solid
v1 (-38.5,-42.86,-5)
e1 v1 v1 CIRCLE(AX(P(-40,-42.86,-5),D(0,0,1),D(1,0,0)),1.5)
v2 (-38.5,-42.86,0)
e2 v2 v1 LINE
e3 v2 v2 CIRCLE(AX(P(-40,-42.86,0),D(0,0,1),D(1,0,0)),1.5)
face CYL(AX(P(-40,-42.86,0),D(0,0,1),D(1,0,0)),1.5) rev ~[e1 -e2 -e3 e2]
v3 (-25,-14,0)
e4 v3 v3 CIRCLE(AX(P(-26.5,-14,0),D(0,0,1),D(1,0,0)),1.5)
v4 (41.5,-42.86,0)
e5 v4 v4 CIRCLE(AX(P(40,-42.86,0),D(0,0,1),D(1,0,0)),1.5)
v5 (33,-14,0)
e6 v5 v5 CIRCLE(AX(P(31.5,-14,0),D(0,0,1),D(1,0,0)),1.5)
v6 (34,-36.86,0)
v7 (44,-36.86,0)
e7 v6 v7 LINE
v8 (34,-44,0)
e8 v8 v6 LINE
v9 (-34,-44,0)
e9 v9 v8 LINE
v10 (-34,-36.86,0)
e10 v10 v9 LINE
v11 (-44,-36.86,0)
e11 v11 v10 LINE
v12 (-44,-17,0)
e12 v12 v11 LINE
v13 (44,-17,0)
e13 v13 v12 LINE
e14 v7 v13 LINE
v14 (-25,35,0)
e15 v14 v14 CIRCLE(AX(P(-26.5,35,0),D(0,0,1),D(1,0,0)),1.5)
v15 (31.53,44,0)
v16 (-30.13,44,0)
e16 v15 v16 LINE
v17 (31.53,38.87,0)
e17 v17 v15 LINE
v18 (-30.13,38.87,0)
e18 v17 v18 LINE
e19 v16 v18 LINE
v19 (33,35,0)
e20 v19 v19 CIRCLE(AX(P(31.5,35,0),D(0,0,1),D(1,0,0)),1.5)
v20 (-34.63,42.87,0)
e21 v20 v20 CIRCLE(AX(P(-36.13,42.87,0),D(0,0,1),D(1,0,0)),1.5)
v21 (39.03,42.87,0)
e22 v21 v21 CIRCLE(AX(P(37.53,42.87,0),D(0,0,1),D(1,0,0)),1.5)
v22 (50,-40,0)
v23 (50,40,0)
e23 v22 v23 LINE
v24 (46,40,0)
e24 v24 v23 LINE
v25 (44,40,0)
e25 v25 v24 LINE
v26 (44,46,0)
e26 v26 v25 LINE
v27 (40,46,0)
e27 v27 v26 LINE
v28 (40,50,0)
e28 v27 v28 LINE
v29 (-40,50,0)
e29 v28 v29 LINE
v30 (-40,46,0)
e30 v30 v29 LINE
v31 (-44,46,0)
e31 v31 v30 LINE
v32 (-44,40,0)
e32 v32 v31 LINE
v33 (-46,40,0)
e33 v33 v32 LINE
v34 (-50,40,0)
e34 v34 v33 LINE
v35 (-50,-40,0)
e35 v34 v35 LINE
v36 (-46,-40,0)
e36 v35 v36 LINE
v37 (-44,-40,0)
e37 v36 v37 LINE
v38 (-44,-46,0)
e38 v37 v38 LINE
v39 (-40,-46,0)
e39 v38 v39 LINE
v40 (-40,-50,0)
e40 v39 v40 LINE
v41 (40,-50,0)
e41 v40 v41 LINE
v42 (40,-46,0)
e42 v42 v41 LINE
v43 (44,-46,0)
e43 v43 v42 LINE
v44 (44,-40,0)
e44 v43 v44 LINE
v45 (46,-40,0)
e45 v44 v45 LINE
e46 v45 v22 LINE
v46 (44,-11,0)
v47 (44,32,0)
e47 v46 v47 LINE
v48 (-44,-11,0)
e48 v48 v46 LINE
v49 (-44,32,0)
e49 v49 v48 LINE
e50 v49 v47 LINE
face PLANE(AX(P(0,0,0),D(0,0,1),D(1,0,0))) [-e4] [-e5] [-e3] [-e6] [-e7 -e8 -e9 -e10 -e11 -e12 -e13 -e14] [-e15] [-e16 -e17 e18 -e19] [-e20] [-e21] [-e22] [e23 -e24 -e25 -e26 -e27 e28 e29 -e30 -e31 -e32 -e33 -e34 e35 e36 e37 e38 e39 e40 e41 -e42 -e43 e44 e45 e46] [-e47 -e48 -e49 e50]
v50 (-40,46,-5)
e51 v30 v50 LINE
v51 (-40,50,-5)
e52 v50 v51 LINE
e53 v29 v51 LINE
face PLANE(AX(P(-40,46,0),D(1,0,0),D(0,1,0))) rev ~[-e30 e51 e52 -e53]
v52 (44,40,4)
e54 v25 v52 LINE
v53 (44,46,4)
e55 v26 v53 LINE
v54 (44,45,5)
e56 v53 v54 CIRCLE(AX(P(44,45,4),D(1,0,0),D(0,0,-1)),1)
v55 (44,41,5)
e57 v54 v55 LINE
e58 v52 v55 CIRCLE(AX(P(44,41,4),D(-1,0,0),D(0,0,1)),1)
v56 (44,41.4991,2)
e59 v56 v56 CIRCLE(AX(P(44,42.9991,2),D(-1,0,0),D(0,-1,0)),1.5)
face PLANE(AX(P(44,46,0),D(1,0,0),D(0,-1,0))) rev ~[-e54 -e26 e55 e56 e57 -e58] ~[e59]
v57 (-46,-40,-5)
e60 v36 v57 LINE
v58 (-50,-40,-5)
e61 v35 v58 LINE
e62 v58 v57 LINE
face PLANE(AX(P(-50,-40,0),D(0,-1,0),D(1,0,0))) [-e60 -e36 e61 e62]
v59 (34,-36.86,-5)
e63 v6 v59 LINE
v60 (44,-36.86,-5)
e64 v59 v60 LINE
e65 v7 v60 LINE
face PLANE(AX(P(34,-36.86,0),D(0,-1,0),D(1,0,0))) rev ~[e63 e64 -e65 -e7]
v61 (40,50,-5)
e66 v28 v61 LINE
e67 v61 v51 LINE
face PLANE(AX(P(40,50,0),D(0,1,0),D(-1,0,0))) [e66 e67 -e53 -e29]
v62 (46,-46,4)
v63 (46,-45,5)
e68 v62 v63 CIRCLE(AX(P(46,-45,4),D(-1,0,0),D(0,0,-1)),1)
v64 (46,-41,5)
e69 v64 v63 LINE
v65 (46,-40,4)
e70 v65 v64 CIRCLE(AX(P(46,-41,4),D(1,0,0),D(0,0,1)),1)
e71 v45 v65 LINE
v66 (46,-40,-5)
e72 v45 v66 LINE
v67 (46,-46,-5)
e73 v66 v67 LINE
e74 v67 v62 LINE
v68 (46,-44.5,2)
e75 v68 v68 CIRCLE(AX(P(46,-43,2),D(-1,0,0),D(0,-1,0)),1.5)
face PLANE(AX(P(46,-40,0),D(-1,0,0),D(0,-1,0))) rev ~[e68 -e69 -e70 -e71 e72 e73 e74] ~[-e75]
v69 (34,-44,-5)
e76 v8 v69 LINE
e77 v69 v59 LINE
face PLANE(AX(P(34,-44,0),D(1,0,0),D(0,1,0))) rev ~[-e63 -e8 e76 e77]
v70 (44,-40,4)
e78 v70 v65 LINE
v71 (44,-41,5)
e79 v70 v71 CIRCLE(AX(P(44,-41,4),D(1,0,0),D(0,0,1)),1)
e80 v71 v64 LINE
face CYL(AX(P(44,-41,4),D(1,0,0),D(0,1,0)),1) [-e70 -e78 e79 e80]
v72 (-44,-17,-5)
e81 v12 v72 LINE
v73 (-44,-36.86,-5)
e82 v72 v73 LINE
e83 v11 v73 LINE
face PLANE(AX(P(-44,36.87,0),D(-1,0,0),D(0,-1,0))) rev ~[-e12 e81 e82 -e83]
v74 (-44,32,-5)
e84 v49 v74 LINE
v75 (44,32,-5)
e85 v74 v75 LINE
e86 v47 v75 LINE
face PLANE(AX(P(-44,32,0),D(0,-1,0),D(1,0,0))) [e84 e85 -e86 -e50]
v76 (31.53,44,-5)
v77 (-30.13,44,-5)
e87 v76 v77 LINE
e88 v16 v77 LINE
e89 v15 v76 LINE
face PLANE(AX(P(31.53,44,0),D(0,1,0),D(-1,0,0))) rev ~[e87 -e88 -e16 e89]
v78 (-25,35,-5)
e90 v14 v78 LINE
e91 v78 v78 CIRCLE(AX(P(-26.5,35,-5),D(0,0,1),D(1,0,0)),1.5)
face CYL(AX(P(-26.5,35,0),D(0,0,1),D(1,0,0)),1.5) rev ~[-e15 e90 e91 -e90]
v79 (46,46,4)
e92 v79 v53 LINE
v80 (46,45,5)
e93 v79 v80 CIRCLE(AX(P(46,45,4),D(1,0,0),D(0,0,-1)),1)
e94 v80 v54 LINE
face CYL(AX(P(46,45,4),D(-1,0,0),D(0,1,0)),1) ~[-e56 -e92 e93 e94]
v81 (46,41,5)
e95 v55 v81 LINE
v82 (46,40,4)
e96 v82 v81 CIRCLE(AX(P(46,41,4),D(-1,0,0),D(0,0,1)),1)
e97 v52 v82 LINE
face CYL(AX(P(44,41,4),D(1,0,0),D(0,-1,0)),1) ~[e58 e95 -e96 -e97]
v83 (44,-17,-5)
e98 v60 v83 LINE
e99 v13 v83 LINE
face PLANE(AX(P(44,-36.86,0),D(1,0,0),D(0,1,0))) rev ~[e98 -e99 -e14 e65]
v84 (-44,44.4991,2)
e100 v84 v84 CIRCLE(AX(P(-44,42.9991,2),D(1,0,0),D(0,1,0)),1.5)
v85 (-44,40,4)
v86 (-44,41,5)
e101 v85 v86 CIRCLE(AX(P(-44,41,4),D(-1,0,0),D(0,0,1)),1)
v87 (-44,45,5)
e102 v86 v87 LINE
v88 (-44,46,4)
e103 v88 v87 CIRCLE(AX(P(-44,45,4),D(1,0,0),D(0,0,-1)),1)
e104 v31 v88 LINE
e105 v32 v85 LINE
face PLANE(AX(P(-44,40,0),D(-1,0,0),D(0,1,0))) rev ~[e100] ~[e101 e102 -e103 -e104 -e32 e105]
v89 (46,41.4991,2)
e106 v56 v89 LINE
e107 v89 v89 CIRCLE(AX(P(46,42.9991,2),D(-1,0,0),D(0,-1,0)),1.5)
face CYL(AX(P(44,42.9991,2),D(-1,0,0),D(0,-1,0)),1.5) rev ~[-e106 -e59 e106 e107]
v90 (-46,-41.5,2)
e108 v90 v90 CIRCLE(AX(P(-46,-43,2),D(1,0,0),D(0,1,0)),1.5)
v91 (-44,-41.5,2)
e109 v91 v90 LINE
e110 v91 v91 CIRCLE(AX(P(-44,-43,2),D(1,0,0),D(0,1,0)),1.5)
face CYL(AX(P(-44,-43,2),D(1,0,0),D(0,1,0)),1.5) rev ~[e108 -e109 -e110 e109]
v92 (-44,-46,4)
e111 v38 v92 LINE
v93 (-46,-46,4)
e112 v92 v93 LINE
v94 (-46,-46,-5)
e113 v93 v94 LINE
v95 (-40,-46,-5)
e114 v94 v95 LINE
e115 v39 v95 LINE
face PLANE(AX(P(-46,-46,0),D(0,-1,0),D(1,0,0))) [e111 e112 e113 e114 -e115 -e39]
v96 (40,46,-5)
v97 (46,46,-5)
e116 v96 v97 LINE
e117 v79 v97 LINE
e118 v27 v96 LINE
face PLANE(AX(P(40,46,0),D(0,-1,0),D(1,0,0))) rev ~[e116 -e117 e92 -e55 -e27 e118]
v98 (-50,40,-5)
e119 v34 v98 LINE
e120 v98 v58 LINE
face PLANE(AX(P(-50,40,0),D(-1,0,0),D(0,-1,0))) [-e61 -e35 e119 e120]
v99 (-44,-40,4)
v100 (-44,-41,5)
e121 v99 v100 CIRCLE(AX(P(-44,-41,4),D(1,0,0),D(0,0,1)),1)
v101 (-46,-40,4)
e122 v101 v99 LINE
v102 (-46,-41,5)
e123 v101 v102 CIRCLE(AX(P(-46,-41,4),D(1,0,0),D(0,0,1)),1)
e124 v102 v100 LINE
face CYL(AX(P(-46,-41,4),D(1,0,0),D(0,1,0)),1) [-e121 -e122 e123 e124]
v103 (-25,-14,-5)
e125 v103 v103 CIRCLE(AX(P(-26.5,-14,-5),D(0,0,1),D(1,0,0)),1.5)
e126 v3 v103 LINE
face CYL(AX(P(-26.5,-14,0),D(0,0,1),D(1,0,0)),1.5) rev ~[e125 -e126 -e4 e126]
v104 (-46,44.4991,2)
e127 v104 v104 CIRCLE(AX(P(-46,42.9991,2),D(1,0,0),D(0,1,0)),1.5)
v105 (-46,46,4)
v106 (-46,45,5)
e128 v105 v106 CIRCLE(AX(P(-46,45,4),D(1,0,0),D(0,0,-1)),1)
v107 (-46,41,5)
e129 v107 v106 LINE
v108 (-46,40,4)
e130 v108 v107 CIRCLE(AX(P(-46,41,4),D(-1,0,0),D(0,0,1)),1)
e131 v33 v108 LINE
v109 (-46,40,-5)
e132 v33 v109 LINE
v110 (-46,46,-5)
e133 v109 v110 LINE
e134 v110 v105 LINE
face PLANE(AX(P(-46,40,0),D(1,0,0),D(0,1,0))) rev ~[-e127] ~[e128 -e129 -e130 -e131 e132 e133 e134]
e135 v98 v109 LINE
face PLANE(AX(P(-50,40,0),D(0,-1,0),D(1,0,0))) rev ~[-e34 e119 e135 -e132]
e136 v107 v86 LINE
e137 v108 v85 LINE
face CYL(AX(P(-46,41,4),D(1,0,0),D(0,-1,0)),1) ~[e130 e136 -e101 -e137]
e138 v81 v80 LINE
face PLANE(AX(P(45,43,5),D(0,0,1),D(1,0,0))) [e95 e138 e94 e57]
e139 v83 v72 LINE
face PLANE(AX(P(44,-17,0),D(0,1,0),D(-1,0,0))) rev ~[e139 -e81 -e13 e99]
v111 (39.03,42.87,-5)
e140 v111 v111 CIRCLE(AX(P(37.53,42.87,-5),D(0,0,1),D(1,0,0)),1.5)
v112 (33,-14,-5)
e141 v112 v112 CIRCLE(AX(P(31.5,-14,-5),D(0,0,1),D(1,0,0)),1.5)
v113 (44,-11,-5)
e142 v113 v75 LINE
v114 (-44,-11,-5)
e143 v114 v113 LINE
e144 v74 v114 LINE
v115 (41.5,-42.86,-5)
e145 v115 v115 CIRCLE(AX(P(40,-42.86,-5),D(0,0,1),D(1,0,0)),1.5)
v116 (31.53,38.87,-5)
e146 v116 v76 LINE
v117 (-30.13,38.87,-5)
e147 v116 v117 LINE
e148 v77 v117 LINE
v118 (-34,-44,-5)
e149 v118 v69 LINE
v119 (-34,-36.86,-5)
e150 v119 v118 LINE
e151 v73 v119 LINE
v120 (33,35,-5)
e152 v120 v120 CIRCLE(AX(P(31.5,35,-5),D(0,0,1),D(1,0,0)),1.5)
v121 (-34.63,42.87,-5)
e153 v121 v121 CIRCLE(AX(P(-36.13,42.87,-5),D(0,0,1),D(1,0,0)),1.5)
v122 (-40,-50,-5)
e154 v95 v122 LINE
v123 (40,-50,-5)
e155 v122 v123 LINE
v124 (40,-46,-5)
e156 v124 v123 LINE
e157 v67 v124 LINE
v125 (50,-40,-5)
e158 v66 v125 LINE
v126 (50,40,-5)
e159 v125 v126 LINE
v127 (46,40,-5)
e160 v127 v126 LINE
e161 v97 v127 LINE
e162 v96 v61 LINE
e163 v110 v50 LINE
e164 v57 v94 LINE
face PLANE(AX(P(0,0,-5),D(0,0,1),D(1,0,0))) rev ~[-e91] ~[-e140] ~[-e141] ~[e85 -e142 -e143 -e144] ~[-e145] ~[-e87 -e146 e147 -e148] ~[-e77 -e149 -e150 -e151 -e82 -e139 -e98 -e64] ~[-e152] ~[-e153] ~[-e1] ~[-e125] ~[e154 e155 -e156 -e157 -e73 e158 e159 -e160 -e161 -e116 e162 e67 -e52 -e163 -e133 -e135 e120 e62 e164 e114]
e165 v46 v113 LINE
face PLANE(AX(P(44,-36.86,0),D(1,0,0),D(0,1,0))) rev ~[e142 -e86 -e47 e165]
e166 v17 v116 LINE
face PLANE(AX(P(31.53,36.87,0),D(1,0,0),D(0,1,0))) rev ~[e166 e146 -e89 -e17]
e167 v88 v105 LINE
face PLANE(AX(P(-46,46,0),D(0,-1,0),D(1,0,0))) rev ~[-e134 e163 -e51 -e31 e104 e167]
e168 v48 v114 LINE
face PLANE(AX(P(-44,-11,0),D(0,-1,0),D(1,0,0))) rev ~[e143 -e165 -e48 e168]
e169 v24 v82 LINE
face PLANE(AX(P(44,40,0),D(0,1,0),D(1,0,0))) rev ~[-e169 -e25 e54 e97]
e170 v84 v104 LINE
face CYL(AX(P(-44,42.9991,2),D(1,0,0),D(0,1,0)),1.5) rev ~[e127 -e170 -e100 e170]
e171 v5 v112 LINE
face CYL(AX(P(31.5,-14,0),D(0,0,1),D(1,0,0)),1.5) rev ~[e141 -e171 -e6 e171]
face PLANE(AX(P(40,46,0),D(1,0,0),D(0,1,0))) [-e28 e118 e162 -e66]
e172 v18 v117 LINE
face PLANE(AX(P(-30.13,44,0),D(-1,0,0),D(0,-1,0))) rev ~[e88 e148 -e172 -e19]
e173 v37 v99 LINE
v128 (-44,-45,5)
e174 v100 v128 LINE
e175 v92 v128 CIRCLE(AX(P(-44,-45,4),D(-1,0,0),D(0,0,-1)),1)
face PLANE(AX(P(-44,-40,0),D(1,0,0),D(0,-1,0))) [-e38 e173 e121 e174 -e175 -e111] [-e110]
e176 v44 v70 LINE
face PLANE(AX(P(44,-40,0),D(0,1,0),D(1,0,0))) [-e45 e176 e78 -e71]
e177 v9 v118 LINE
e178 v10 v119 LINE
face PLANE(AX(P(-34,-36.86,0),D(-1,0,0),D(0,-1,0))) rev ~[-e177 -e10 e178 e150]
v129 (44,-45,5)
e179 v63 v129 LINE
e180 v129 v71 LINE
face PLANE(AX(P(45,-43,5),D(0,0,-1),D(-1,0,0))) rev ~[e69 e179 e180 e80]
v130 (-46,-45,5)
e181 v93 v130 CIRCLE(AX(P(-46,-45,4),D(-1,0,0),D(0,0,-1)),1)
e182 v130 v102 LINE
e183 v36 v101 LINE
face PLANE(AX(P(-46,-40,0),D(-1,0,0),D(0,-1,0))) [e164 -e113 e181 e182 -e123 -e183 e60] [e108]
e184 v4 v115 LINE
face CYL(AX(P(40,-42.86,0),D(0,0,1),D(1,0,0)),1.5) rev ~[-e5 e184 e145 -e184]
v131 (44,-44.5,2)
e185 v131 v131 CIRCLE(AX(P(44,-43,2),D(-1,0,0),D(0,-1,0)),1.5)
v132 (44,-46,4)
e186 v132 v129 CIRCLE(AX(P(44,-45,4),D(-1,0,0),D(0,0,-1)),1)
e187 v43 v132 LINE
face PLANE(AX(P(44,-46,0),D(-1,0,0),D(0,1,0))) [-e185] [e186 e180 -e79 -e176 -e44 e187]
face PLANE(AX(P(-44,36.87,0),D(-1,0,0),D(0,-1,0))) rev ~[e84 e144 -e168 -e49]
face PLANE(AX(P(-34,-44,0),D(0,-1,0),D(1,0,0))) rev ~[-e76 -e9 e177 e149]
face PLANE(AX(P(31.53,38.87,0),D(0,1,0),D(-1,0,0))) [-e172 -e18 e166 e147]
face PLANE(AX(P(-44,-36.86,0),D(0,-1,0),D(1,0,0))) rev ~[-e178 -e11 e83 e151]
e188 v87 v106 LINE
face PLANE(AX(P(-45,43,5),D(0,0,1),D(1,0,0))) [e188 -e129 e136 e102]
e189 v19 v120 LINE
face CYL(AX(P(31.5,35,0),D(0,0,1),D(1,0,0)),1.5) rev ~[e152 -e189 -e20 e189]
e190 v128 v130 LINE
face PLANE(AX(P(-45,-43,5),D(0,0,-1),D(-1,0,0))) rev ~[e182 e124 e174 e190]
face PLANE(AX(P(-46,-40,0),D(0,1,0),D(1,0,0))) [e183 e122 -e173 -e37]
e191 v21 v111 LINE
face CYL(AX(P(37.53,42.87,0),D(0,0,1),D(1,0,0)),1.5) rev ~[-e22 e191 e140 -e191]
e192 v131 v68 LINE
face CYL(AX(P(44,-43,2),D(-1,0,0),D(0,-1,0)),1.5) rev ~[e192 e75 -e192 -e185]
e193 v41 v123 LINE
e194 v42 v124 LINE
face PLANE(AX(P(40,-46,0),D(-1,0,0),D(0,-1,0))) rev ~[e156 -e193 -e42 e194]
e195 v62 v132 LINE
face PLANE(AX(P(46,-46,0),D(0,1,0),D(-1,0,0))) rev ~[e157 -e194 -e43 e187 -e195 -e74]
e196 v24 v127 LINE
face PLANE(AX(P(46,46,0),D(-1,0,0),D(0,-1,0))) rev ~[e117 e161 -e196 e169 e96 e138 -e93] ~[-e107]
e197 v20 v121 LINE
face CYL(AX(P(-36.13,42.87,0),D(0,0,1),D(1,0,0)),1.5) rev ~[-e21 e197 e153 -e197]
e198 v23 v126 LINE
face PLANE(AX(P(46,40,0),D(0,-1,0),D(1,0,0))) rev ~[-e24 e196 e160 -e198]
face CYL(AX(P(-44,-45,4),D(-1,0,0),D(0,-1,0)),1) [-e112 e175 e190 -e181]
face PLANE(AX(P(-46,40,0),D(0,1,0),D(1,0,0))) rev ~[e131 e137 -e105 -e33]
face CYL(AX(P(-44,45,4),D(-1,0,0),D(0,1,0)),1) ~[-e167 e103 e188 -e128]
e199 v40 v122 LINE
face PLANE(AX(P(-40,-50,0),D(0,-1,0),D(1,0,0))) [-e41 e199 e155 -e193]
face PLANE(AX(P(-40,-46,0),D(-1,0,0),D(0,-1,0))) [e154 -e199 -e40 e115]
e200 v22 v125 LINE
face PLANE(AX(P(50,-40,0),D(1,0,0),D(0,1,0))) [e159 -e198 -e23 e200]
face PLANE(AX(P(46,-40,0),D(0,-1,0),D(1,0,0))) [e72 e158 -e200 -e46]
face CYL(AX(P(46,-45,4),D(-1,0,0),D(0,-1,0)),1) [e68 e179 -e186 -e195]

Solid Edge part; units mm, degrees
sketch "Sketch1" plane through (0, 0, 0) normal (0, 0, 1) x (1, 0, 0)
  line L0 (-40, -50) -> (40, -50)
  line L1 (40, -50) -> (50, -50)
  line L2 (50, -50) -> (50, -40)
  line L3 (50, -40) -> (50, 40)
  line L4 (50, 50) -> (50, 40)
  line L5 (40, 50) -> (50, 50)
  line L6 (40, 50) -> (-40, 50)
  line L7 (-50, 50) -> (-40, 50)
  line L8 (-50, 40) -> (-50, 50)
  line L9 (-50, 40) -> (-50, -40)
  line L10 (-50, -40) -> (-50, -50)
  line L11 (-50, -50) -> (-40, -50)
extrude "Protrusion1" add sketch "Sketch1" against normal blind 5
sketch "Sketch2" plane through (0, 0, 0) normal (0, 0, 1) x (1, 0, 0)
  line L0 (50, 50) -> (40, 50)
  line L1 (40, 46) -> (40, 50)
  line L2 (40, 46) -> (46, 46)
  line L3 (46, 46) -> (46, 40)
  line L4 (46, 40) -> (50, 40)
  line L5 (50, 40) -> (50, 50)
  line L6 (50, -40) -> (50, -50)
  line L7 (50, -50) -> (40, -50)
  line L8 (40, -46) -> (40, -50)
  line L9 (46, -46) -> (40, -46)
  line L10 (46, -40) -> (46, -46)
  line L11 (46, -40) -> (50, -40)
  line L12 (-50, -50) -> (-40, -50)
  line L13 (-40, -46) -> (-40, -50)
  line L14 (-46, -46) -> (-40, -46)
  line L15 (-46, -40) -> (-46, -46)
  line L16 (-50, -40) -> (-46, -40)
  line L17 (-50, -40) -> (-50, -50)
  line L18 (-46, 40) -> (-46, 46)
  line L19 (-46, 46) -> (-40, 46)
  line L20 (-40, 46) -> (-40, 50)
  line L21 (-40, 50) -> (-50, 50)
  line L22 (-50, 50) -> (-50, 40)
  line L23 (-50, 40) -> (-46, 40)
  dimension "D1" = 10
  dimension "D2" = 4
  dimension "D3" = 10
  dimension "D4" = 4
  dimension "D5" = 10
  dimension "D6" = 10
  dimension "D7" = 4
  dimension "D8" = 4
  dimension "D9" = 4
  dimension "D10" = 10
  dimension "D11" = 10
  dimension "D12" = 4
  dimension "D13" = 10
  dimension "D14" = 10
  dimension "D15" = 4
  dimension "D16" = 4
extrude "ExtrudedCutout_1" cut sketch "Sketch2" against normal blind 11.3526
sketch "Sketch3" plane through (0, 0, 0) normal (0, 0, 1) x (1, 0, 0)
  circle A0 centre (-40, -42.86) radius 1.5
  circle A1 centre (-36.13, 42.87) radius 1.5
  circle A2 centre (40, -42.86) radius 1.5
  circle A3 centre (37.53, 42.87) radius 1.5
  dimension "D1" = 10
  dimension "D2" = 7.14
  dimension "D3" = 3
  dimension "D4" = 3
  dimension "D5" = 92.87
  dimension "D6" = 13.87
  dimension "D7" = 3
  dimension "D8" = 90
  dimension "D9" = 3
  dimension "D10" = 87.53
  dimension "D11" = 92.87
extrude "Cutout1" cut sketch "Sketch3" against normal blind 5
sketch "Sketch4" plane through (0, 0, 0) normal (0, 0, 1) x (0, 1, 0)
  line L0 (36.87, 44) -> (-36.86, 44)
  line L1 (-36.86, 44) -> (-36.86, 34)
  line L2 (-36.86, 34) -> (-44, 34)
  line L3 (-44, 34) -> (-44, -34)
  line L4 (-44, -34) -> (-36.86, -34)
  line L5 (-36.86, -34) -> (-36.86, -44)
  line L6 (-36.86, -44) -> (36.87, -44)
  line L7 (36.87, -44) -> (36.87, -31.53)
  line L8 (36.87, -31.53) -> (44, -31.53)
  line L9 (44, -31.53) -> (44, 30.13)
  line L10 (44, 30.13) -> (36.87, 30.13)
  line L11 (36.87, 30.13) -> (36.87, 44)
  dimension "D1" = 6
  dimension "D2" = 6
  dimension "D3" = 6
  dimension "D4" = 6
  dimension "D5" = 6
  dimension "D6" = 6
  dimension "D7" = 6
  dimension "D8" = 6
  dimension "D9" = 6
  dimension "D10" = 6
  dimension "D11" = 6
  dimension "D12" = 6
extrude "Cutout2" cut sketch "Sketch4" against normal blind 5
sketch "Sketch5" plane through (0, 0, 0) normal (0, 0, 1) x (1, 0, 0)
  circle A0 centre (-26.5, 35) radius 1.5
  circle A1 centre (31.5, 35) radius 1.5
  circle A2 centre (31.5, -14) radius 1.5
  circle A3 centre (-26.5, -14) radius 1.5
  line L0 (-44, 36.87) -> (-30.13, 36.87)
  line L1 (-30.13, 38.87) -> (-30.13, 36.87)
  line L2 (31.53, 38.87) -> (-30.13, 38.87)
  line L3 (31.53, 38.87) -> (31.53, 36.87)
  line L4 (31.53, 36.87) -> (44, 36.87)
  line L5 (44, 36.87) -> (44, 32)
  line L6 (-44, 32) -> (44, 32)
  line L7 (-44, 35) -> (-44, 32)
  line L8 (-44, 35) -> (-44, 36.87)
  line L9 (-44, -14) -> (-44, -11)
  line L10 (-44, -11) -> (44, -11)
  line L11 (44, -11) -> (44, -17)
  line L12 (44, -17) -> (-44, -17)
  line L13 (-44, -17) -> (-44, -14)
  dimension "D1" = 15
  dimension "D2" = 49
  dimension "D3" = 23.5
  dimension "D4" = 58
extrude "ExtrudedProtrusion_2" add sketch "Sketch5" against normal blind 5
sketch "Sketch6" plane through (0, 0, 0) normal (0, 0, 1) x (1, 0, 0)
  line L0 (-46, 40) -> (-44, 40)
  line L1 (-44, 40) -> (-44, 46)
  line L2 (-44, 46) -> (-46, 46)
  line L3 (-46, 40) -> (-46, 46)
  line L4 (46, 46) -> (44, 46)
  line L5 (44, 46) -> (44, 40)
  line L6 (44, 40) -> (46, 40)
  line L7 (46, 40) -> (46, 46)
  line L8 (-46, -40) -> (-44, -40)
  line L9 (-44, -40) -> (-44, -46)
  line L10 (-44, -46) -> (-46, -46)
  line L11 (-46, -46) -> (-46, -40)
  line L12 (46, -46) -> (44, -46)
  line L13 (44, -46) -> (44, -40)
  line L14 (44, -40) -> (46, -40)
  line L15 (46, -40) -> (46, -46)
extrude "ExtrudedProtrusion_3" add sketch "Sketch6" along normal blind 5
sketch "Sketch7" plane through (-44, -43, 3) normal (1, 0, 0) x (0, 1, 0)
  circle A0 centre (0, -1) radius 1.5
  circle A1 centre (85.9991, -1) radius 1.5
  dimension "D1" = 3
  dimension "D2" = 3
  dimension "D3" = 3
  dimension "D4" = 3
  dimension "D5" = 2.9991
  dimension "D6" = 3
extrude "ExtrudedCutout_14" cut sketch "Sketch7" against normal blind 2
sketch "Sketch8" plane through (44, 43, 2.5) normal (-1, 0, 0) x (0, -1, 0)
  circle A0 centre (0.0009, -0.5) radius 1.5
  circle A1 centre (86, -0.5) radius 1.5
extrude "ExtrudedCutout_15" cut sketch "Sketch8" against normal blind 2
fillet "Round_2" radius 1 8 edges at (45, 40, 5) (45, 46, 5) (-45, 40, 5) (-45, 46, 5) (-45, -46, 5) (-45, -40, 5) (45, -46, 5) (45, -40, 5)
